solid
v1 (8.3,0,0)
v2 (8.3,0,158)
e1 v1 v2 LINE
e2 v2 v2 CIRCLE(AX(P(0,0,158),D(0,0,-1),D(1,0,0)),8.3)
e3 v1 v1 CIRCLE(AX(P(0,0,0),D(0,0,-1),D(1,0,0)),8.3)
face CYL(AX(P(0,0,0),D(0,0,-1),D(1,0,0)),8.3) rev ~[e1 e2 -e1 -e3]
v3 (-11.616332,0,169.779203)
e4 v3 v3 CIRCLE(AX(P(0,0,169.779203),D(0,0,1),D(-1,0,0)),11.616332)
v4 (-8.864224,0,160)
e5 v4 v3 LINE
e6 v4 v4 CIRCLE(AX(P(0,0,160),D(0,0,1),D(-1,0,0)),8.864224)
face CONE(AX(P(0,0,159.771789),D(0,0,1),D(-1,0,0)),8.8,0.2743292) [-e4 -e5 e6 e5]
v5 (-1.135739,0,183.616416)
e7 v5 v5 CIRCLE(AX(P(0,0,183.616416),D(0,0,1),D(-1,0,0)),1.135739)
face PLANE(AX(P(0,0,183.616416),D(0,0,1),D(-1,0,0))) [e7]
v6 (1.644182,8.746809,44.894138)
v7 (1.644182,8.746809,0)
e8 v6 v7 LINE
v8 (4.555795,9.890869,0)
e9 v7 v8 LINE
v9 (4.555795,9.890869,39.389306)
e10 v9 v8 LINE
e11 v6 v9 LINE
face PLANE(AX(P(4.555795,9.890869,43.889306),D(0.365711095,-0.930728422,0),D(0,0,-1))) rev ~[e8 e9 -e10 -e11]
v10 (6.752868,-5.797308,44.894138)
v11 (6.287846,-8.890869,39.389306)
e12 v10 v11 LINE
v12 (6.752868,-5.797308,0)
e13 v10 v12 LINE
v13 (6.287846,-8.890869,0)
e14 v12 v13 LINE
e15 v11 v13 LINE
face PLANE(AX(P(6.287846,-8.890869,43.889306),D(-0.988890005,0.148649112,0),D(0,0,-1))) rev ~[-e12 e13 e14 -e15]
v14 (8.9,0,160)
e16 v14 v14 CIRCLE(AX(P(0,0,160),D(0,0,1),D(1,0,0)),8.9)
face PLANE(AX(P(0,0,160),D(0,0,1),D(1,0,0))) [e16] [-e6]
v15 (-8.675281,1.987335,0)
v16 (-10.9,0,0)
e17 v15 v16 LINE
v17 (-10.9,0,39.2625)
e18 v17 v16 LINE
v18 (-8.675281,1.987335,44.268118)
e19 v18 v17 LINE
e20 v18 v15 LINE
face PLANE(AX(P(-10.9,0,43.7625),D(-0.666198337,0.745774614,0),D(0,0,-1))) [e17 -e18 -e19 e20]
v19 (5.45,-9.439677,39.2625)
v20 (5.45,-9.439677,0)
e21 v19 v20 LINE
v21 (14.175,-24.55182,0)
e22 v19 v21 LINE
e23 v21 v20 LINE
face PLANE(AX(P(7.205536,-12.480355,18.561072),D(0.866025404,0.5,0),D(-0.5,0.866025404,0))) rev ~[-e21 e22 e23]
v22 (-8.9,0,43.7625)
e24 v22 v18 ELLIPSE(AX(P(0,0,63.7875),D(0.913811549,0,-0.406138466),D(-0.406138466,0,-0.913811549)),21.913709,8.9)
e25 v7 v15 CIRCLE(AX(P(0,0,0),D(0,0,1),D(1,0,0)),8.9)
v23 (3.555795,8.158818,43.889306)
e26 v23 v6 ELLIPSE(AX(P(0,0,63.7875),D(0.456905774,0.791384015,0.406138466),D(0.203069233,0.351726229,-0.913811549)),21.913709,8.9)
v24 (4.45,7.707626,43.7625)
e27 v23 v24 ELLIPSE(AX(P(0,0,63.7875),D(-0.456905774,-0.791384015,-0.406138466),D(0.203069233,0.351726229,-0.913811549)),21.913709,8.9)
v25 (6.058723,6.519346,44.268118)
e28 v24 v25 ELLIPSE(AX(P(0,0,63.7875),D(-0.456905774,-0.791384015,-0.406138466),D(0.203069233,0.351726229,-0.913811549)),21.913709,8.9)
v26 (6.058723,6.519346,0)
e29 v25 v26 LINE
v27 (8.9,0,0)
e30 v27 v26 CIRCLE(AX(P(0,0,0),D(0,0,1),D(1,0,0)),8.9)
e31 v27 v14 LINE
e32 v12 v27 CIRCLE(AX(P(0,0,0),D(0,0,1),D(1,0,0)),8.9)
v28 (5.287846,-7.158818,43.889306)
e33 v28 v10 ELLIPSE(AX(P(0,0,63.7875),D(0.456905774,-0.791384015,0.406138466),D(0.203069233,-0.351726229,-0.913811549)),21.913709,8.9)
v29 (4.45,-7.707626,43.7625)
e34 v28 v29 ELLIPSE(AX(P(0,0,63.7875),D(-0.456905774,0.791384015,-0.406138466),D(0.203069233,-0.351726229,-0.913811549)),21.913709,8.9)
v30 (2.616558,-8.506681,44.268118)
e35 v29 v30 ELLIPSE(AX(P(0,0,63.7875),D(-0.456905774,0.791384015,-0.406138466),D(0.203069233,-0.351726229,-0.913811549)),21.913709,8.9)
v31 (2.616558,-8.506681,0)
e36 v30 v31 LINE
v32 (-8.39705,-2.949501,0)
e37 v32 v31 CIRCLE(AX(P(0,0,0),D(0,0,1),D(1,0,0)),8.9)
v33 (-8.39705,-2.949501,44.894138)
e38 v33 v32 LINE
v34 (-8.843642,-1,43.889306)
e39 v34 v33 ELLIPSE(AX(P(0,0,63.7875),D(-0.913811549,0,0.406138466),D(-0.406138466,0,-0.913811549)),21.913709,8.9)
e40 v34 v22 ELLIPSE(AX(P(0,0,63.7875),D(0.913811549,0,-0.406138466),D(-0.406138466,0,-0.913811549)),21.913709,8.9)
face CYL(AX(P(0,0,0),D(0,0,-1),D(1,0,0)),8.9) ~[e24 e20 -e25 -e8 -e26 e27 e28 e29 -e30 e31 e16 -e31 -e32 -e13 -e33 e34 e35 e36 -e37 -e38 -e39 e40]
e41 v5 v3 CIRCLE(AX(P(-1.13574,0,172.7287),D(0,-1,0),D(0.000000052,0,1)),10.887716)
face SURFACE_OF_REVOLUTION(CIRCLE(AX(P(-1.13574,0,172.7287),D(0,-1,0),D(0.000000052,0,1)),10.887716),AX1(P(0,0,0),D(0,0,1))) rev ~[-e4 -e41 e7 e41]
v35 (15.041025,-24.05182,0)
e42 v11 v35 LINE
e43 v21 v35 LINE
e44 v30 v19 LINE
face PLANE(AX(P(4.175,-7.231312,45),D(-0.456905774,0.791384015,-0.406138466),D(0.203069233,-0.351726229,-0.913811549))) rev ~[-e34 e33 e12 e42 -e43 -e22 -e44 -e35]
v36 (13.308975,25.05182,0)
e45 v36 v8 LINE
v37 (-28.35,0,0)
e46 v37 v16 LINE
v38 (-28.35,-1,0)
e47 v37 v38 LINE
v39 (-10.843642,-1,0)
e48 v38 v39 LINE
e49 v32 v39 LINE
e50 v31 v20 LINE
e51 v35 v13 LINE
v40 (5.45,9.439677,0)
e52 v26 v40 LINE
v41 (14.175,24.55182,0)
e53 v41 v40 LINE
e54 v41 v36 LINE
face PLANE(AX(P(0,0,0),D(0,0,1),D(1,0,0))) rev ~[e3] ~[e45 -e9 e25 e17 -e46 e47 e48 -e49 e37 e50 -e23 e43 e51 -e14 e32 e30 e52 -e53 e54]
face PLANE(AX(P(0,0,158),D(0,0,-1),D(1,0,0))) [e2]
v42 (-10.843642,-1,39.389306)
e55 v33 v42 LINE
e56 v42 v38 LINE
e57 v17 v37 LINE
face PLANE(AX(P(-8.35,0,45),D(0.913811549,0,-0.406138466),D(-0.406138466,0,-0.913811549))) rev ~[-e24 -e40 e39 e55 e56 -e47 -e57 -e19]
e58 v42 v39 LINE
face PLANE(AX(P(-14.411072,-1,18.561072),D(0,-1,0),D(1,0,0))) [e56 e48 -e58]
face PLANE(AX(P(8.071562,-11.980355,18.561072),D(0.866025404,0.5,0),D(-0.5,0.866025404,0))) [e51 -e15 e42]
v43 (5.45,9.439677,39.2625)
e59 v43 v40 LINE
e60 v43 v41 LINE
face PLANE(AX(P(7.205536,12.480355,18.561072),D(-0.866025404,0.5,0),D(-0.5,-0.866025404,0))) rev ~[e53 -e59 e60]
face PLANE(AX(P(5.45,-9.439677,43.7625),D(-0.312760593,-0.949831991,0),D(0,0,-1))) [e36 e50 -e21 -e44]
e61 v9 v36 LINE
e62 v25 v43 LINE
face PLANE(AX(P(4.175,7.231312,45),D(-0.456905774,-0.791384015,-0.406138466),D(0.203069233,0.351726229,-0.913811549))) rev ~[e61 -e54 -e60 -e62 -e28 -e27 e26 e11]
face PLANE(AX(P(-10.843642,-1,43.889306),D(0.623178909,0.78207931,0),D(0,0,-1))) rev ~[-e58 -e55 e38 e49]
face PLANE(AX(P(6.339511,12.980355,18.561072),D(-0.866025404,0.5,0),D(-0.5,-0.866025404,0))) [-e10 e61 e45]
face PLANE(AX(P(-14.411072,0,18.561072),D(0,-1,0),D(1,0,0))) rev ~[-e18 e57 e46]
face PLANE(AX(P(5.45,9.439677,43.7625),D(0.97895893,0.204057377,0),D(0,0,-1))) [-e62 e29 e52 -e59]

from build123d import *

# Parameters (mm, degrees)
SKETCH_R           = 8.9
PAD_DEPTH          = 160
SKETCH001_R        = 8.3
POCKET_DEPTH       = 158
PAD001_DEPTH       = 1
POLARPATTERN_COUNT = 3
CHAMFER_SIZE       = 2


with BuildPart() as part:
    # Sketch → Pad (new body)
    with BuildSketch(Plane.XY):
        Circle(SKETCH_R)
    extrude(amount=PAD_DEPTH)

    # Sketch001 (on Face2 of Pad) → Pocket (cut)
    with BuildSketch(Plane(origin=(0, 0, 0), x_dir=(1, 0, 0), z_dir=(0, 0, -1))):
        Circle(SKETCH001_R)
    extrude(amount=-POCKET_DEPTH, mode=Mode.SUBTRACT)

    # Sketch002 → Pad001 (join)
    with BuildSketch(Plane.XZ):
        Polygon((-8.35, 45), (-28.35, 0), (-8.35, 0), align=None)
    pad001 = extrude(amount=PAD001_DEPTH)

    # PolarPattern: Pad001 ×3 about axis
    polarpattern_axis = Axis((0, 0, 0), (0, 0, 1))
    for i in range(1, POLARPATTERN_COUNT):
        add(pad001.rotate(polarpattern_axis, i * 360 / POLARPATTERN_COUNT))

    # Sketch003 → Revolution (revolve)
    with BuildSketch(Plane.XZ):
        with BuildLine():
            Line((-1.135739, 183.616416), (0, 183.616416))
            Line((0, 183.616416), (0, 159.771789))
            Line((0, 159.771789), (-8.8, 159.771789))
            Line((-8.8, 159.771789), (-11.616332, 169.779203))
            ThreePointArc((-1.135739, 183.616416), (-9.8149, 179.302476), (-11.616332, 169.779203))
        make_face()
    revolve(axis=Axis((0, 0, 0), (0, 0, 1)))

    # Chamfer
    chamfer_edges = [part.edges().sort_by_distance(p)[0] for p in [
        (4.45, 7.707626, 21.88125),
        (5.287846, -7.158818, 21.944653),
        (4.45, -7.707626, 21.88125),
        (-8.843642, -1, 21.944653),
        (-8.9, 0, 21.88125),
        (3.555795, 8.158818, 21.944653),
    ]]
    chamfer(chamfer_edges, length=CHAMFER_SIZE)


solid = part.part
